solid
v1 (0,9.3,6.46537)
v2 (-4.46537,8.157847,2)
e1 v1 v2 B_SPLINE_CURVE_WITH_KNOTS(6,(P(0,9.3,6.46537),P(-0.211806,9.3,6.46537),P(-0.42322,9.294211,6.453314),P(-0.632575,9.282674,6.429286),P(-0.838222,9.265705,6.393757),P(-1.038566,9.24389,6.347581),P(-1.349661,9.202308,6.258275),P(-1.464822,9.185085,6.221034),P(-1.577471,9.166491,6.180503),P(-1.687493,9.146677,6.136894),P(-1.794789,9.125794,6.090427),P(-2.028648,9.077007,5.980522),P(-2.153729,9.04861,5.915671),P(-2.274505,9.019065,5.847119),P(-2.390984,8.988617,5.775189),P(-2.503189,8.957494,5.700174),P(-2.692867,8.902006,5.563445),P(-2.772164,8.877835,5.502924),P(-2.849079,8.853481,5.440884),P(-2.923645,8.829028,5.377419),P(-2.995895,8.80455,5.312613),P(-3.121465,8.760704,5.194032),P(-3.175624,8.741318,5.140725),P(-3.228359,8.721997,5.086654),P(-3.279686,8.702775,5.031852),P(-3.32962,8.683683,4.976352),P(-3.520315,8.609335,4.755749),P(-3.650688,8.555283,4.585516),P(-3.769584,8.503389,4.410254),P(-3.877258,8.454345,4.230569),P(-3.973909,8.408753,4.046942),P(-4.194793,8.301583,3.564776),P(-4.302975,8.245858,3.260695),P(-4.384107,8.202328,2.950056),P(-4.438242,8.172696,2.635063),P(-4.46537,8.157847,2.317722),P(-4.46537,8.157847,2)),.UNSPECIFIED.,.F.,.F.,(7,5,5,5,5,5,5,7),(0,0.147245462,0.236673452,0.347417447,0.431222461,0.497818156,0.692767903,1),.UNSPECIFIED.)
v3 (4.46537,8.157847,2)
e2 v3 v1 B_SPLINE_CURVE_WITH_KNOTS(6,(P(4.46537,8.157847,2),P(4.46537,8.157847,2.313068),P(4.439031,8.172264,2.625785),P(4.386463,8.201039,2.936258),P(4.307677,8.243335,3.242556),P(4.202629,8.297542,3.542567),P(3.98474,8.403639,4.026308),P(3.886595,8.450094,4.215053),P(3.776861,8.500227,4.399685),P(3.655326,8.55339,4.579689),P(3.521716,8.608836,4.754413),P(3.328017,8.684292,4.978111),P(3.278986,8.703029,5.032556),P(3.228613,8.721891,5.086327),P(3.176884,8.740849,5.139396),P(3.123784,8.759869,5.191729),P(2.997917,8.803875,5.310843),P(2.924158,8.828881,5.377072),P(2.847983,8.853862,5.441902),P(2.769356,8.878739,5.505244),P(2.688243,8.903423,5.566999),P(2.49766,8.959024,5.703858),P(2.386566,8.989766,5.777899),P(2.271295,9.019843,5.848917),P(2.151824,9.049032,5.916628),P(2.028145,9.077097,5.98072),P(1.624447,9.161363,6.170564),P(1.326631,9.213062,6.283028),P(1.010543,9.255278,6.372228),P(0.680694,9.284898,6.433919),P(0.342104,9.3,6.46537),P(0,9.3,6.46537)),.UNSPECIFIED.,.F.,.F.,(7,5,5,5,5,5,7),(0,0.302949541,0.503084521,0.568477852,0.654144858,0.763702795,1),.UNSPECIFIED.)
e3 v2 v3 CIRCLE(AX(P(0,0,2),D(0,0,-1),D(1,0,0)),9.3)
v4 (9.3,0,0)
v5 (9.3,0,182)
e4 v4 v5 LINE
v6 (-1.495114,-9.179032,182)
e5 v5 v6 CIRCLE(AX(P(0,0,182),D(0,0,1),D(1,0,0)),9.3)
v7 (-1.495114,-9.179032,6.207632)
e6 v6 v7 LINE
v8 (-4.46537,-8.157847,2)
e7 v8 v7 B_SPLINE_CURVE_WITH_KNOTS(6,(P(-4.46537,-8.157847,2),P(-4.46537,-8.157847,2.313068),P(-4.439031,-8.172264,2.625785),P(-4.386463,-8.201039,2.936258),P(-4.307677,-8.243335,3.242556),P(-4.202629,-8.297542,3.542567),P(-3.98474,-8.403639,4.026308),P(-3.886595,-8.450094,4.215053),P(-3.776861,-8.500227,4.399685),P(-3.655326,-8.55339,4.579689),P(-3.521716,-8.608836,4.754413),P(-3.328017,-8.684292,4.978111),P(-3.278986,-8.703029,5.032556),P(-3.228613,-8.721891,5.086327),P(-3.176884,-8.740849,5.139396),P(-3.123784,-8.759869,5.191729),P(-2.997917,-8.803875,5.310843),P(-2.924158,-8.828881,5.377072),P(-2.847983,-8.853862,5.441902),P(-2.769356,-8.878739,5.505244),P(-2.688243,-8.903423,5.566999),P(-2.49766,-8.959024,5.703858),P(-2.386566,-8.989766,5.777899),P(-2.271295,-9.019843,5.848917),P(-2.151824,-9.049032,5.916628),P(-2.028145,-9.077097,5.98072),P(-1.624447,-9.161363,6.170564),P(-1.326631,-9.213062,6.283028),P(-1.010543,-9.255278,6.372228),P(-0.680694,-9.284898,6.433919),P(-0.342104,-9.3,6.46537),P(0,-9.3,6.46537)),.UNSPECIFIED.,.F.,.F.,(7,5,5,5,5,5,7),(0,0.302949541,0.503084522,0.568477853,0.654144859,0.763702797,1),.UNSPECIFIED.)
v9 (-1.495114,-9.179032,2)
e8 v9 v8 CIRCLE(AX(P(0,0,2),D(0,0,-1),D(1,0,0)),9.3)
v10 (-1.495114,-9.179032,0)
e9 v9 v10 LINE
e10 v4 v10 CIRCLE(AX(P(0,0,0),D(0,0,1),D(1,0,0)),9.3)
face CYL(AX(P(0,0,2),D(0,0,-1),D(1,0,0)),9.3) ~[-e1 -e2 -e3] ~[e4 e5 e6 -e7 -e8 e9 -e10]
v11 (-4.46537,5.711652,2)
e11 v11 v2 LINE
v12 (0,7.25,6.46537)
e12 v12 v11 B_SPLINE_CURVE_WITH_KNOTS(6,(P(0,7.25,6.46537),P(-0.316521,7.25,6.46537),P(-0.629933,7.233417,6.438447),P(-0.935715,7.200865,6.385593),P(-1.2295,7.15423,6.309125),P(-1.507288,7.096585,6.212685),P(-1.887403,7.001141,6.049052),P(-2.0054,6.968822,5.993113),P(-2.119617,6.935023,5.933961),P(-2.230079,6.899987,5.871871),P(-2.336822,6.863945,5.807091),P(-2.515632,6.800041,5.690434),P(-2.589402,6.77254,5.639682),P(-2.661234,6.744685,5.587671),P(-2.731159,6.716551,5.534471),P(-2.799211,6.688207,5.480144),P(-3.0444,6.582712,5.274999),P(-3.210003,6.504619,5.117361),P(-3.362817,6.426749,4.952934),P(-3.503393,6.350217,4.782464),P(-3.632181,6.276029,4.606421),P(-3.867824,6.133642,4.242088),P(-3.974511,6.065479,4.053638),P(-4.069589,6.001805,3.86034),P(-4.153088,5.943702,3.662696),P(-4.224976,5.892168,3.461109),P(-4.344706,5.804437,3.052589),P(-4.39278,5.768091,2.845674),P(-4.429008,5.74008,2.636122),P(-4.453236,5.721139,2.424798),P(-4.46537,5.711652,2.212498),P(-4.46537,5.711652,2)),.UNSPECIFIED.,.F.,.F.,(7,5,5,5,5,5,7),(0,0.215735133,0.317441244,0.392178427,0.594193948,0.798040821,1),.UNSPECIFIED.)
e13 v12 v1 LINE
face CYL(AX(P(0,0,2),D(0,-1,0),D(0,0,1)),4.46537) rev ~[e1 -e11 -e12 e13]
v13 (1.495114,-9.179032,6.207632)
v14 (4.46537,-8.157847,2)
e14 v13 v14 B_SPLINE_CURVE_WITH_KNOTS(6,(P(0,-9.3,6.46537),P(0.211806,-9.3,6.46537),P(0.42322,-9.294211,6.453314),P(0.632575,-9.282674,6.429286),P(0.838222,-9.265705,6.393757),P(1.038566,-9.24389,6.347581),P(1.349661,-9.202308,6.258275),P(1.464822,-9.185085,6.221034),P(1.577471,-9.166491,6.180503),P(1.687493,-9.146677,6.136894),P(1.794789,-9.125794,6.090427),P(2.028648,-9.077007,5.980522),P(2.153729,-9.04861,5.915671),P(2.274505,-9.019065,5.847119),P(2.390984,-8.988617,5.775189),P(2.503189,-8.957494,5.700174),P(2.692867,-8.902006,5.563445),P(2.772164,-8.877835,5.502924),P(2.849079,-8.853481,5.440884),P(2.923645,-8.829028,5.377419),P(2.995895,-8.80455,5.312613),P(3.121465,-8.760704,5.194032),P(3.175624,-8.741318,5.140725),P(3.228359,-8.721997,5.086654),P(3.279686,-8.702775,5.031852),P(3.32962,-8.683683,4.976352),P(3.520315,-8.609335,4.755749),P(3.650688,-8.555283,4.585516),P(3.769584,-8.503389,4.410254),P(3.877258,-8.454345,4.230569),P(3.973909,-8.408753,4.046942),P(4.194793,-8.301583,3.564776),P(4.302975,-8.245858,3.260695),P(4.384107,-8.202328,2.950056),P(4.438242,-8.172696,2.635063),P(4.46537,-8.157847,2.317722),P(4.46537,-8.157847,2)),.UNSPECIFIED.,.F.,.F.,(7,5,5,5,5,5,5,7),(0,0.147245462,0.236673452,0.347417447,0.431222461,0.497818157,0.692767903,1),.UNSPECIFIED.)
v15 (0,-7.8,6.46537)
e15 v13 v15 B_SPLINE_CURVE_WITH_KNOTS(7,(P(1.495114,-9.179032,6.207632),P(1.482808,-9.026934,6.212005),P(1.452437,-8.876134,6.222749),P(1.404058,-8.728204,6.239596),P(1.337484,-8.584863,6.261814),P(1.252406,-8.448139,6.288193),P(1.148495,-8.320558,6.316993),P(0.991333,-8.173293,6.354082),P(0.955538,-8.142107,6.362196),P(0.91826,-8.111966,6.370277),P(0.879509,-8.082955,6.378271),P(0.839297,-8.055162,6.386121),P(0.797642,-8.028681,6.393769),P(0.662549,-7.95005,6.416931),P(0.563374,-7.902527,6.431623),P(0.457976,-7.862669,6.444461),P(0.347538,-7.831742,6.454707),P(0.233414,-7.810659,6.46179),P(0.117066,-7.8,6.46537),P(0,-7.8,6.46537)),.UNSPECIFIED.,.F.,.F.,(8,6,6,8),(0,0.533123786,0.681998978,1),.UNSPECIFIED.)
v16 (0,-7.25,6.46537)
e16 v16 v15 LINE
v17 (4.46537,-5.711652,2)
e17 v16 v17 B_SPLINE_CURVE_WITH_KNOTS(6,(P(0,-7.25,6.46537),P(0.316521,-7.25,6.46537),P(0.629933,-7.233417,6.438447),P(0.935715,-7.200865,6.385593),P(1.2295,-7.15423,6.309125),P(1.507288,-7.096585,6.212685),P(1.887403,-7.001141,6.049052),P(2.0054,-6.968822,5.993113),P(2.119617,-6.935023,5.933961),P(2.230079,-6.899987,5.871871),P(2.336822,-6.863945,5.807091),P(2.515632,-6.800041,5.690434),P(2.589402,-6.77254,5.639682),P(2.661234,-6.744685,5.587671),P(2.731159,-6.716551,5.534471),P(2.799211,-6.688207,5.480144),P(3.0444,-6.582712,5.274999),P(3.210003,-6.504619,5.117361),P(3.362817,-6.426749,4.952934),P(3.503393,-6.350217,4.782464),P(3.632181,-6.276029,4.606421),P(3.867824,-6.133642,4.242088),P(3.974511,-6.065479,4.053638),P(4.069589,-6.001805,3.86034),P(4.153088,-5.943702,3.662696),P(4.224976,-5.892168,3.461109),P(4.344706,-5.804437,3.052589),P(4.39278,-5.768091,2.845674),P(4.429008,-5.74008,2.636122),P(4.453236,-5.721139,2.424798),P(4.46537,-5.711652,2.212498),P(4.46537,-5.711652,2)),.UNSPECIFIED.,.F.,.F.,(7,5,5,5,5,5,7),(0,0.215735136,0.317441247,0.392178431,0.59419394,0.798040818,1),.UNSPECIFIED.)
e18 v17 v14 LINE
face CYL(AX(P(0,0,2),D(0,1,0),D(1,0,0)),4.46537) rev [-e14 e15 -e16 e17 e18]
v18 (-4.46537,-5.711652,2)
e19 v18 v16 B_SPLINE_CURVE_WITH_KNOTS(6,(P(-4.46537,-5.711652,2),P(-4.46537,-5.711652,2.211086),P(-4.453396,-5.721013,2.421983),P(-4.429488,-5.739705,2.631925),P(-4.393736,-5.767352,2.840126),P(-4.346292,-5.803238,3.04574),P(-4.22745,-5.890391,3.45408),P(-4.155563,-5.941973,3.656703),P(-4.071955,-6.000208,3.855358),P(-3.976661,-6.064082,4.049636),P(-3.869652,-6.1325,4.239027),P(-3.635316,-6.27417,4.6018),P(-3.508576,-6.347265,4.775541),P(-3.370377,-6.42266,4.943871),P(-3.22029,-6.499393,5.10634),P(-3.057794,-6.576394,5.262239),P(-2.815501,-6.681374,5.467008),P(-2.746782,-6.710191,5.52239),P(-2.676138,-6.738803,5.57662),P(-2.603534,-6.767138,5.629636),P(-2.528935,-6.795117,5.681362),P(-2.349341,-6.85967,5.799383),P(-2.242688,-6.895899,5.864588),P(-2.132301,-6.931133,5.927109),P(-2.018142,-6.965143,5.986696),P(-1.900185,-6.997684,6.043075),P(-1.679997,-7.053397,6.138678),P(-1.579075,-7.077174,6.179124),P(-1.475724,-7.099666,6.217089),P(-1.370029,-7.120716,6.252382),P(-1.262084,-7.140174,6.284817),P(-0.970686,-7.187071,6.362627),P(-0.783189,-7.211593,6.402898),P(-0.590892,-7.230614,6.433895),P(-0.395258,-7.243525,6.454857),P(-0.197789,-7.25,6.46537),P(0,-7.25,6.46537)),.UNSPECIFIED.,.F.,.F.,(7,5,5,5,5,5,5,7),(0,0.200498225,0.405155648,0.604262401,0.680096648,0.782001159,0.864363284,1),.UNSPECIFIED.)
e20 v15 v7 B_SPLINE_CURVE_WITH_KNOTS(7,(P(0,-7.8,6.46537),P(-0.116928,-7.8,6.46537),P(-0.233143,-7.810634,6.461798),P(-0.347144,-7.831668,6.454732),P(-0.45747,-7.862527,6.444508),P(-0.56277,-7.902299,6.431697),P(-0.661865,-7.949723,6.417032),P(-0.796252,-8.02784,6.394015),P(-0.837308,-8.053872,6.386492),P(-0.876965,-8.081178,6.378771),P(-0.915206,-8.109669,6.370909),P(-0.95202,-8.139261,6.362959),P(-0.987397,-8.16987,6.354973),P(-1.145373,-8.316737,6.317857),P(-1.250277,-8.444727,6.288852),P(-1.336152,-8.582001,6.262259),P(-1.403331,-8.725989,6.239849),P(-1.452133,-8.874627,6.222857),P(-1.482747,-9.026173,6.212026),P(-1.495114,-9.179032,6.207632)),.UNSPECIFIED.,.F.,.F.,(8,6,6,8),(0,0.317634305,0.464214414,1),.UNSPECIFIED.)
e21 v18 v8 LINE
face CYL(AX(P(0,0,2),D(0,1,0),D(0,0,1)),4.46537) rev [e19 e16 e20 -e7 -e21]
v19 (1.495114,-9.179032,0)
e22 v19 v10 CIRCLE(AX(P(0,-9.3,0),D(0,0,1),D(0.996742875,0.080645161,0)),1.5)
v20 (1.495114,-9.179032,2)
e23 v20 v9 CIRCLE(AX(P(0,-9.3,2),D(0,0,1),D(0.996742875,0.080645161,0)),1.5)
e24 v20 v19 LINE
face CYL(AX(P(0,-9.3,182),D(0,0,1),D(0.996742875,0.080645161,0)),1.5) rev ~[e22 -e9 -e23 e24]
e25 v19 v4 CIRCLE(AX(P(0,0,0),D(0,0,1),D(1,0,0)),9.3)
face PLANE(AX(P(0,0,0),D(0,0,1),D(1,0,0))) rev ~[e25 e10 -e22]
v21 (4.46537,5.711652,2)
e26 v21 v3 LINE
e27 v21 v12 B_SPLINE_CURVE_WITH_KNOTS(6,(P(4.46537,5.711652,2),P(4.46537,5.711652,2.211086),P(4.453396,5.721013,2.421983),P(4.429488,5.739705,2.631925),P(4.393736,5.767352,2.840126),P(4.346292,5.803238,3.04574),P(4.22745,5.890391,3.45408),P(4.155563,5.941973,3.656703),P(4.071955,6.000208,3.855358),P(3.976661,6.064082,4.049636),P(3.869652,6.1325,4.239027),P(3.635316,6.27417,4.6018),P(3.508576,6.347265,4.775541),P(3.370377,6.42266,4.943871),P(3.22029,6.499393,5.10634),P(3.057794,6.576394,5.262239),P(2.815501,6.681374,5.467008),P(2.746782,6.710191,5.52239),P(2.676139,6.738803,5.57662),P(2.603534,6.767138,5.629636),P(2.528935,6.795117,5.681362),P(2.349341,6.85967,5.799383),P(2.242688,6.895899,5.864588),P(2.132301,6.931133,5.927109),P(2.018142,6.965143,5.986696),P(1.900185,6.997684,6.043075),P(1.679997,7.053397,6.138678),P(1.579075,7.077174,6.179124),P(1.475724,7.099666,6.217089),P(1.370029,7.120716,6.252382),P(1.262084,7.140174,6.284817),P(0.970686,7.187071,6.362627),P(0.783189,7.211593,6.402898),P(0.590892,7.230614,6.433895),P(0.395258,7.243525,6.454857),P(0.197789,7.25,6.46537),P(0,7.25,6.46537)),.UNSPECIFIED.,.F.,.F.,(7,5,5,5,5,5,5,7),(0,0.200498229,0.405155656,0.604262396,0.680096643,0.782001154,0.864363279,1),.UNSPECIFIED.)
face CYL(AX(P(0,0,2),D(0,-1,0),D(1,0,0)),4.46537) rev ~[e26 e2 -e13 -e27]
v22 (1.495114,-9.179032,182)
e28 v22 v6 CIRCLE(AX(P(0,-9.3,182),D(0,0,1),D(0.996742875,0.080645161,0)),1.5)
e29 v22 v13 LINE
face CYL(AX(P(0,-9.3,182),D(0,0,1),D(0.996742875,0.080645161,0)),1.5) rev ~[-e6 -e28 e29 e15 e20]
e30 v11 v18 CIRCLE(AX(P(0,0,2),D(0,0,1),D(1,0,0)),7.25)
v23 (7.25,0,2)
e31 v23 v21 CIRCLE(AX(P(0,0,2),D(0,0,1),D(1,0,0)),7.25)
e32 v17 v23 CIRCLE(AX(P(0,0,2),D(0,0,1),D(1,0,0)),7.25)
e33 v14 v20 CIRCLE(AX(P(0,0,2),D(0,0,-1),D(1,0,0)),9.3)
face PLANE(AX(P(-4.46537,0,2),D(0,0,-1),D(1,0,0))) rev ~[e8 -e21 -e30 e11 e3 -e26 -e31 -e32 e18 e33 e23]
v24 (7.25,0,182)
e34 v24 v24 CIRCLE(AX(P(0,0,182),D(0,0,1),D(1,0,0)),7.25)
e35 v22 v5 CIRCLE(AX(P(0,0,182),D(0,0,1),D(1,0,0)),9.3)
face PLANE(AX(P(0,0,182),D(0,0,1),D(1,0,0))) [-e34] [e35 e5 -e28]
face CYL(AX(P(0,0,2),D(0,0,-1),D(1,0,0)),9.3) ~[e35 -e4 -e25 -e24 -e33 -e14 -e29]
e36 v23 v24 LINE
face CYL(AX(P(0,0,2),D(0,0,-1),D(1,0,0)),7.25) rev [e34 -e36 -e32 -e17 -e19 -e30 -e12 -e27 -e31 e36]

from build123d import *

# Parameters (mm, degrees)
F0_R     = 9.3
F1_DEPTH = 2
F2_R     = 9.3
F2_R_2   = 7.25
F3_DEPTH = 180
F5_DEPTH = 9.301
F6_DEPTH = 9.3010001
F8_DEPTH = 182.0010001


with BuildPart() as f1:
    # F0 (on Top) → F1 (new body)
    with BuildSketch(Plane.XY):
        Circle(F0_R)
    extrude(amount=F1_DEPTH)

    # F2 (on face) → F3 (join)
    with BuildSketch(Plane.XY.offset(2)):
        Circle(F2_R)
        Circle(F2_R_2, mode=Mode.SUBTRACT)
    extrude(amount=F3_DEPTH)

    # F4 (on Front) → F5 (cut, through all)
    with BuildSketch(Plane.XZ):
        with BuildLine():
            ThreePointArc((0, 6.4653703012), (-3.1574936205, 5.1574936205), (-4.4653703012, 2))
            Line((-4.4653703012, 2), (4.4653703012, 2))
            ThreePointArc((4.4653703012, 2), (3.1574936205, 5.1574936205), (0, 6.4653703012))
        make_face()
    extrude(amount=-F5_DEPTH, mode=Mode.SUBTRACT)

    # F4 (on Front) → F6 (cut, through all)
    with BuildSketch(Plane.XZ):
        with BuildLine():
            ThreePointArc((0, 6.4653703012), (-3.1574936205, 5.1574936205), (-4.4653703012, 2))
            Line((-4.4653703012, 2), (4.4653703012, 2))
            ThreePointArc((4.4653703012, 2), (3.1574936205, 5.1574936205), (0, 6.4653703012))
        make_face()
    extrude(amount=F6_DEPTH, mode=Mode.SUBTRACT)

    # F7 (on face) → F8 (cut, through all)
    with BuildSketch(Plane.XY.offset(182)):
        with BuildLine():
            ThreePointArc((-1.4951143118, -9.1790322581), (0, -9.3), (1.4951143118, -9.1790322581))
            ThreePointArc((1.4951143118, -9.1790322581), (0, -7.8), (-1.4951143118, -9.1790322581))
        make_face()
    extrude(amount=-F8_DEPTH, mode=Mode.SUBTRACT)


solid = f1.part
